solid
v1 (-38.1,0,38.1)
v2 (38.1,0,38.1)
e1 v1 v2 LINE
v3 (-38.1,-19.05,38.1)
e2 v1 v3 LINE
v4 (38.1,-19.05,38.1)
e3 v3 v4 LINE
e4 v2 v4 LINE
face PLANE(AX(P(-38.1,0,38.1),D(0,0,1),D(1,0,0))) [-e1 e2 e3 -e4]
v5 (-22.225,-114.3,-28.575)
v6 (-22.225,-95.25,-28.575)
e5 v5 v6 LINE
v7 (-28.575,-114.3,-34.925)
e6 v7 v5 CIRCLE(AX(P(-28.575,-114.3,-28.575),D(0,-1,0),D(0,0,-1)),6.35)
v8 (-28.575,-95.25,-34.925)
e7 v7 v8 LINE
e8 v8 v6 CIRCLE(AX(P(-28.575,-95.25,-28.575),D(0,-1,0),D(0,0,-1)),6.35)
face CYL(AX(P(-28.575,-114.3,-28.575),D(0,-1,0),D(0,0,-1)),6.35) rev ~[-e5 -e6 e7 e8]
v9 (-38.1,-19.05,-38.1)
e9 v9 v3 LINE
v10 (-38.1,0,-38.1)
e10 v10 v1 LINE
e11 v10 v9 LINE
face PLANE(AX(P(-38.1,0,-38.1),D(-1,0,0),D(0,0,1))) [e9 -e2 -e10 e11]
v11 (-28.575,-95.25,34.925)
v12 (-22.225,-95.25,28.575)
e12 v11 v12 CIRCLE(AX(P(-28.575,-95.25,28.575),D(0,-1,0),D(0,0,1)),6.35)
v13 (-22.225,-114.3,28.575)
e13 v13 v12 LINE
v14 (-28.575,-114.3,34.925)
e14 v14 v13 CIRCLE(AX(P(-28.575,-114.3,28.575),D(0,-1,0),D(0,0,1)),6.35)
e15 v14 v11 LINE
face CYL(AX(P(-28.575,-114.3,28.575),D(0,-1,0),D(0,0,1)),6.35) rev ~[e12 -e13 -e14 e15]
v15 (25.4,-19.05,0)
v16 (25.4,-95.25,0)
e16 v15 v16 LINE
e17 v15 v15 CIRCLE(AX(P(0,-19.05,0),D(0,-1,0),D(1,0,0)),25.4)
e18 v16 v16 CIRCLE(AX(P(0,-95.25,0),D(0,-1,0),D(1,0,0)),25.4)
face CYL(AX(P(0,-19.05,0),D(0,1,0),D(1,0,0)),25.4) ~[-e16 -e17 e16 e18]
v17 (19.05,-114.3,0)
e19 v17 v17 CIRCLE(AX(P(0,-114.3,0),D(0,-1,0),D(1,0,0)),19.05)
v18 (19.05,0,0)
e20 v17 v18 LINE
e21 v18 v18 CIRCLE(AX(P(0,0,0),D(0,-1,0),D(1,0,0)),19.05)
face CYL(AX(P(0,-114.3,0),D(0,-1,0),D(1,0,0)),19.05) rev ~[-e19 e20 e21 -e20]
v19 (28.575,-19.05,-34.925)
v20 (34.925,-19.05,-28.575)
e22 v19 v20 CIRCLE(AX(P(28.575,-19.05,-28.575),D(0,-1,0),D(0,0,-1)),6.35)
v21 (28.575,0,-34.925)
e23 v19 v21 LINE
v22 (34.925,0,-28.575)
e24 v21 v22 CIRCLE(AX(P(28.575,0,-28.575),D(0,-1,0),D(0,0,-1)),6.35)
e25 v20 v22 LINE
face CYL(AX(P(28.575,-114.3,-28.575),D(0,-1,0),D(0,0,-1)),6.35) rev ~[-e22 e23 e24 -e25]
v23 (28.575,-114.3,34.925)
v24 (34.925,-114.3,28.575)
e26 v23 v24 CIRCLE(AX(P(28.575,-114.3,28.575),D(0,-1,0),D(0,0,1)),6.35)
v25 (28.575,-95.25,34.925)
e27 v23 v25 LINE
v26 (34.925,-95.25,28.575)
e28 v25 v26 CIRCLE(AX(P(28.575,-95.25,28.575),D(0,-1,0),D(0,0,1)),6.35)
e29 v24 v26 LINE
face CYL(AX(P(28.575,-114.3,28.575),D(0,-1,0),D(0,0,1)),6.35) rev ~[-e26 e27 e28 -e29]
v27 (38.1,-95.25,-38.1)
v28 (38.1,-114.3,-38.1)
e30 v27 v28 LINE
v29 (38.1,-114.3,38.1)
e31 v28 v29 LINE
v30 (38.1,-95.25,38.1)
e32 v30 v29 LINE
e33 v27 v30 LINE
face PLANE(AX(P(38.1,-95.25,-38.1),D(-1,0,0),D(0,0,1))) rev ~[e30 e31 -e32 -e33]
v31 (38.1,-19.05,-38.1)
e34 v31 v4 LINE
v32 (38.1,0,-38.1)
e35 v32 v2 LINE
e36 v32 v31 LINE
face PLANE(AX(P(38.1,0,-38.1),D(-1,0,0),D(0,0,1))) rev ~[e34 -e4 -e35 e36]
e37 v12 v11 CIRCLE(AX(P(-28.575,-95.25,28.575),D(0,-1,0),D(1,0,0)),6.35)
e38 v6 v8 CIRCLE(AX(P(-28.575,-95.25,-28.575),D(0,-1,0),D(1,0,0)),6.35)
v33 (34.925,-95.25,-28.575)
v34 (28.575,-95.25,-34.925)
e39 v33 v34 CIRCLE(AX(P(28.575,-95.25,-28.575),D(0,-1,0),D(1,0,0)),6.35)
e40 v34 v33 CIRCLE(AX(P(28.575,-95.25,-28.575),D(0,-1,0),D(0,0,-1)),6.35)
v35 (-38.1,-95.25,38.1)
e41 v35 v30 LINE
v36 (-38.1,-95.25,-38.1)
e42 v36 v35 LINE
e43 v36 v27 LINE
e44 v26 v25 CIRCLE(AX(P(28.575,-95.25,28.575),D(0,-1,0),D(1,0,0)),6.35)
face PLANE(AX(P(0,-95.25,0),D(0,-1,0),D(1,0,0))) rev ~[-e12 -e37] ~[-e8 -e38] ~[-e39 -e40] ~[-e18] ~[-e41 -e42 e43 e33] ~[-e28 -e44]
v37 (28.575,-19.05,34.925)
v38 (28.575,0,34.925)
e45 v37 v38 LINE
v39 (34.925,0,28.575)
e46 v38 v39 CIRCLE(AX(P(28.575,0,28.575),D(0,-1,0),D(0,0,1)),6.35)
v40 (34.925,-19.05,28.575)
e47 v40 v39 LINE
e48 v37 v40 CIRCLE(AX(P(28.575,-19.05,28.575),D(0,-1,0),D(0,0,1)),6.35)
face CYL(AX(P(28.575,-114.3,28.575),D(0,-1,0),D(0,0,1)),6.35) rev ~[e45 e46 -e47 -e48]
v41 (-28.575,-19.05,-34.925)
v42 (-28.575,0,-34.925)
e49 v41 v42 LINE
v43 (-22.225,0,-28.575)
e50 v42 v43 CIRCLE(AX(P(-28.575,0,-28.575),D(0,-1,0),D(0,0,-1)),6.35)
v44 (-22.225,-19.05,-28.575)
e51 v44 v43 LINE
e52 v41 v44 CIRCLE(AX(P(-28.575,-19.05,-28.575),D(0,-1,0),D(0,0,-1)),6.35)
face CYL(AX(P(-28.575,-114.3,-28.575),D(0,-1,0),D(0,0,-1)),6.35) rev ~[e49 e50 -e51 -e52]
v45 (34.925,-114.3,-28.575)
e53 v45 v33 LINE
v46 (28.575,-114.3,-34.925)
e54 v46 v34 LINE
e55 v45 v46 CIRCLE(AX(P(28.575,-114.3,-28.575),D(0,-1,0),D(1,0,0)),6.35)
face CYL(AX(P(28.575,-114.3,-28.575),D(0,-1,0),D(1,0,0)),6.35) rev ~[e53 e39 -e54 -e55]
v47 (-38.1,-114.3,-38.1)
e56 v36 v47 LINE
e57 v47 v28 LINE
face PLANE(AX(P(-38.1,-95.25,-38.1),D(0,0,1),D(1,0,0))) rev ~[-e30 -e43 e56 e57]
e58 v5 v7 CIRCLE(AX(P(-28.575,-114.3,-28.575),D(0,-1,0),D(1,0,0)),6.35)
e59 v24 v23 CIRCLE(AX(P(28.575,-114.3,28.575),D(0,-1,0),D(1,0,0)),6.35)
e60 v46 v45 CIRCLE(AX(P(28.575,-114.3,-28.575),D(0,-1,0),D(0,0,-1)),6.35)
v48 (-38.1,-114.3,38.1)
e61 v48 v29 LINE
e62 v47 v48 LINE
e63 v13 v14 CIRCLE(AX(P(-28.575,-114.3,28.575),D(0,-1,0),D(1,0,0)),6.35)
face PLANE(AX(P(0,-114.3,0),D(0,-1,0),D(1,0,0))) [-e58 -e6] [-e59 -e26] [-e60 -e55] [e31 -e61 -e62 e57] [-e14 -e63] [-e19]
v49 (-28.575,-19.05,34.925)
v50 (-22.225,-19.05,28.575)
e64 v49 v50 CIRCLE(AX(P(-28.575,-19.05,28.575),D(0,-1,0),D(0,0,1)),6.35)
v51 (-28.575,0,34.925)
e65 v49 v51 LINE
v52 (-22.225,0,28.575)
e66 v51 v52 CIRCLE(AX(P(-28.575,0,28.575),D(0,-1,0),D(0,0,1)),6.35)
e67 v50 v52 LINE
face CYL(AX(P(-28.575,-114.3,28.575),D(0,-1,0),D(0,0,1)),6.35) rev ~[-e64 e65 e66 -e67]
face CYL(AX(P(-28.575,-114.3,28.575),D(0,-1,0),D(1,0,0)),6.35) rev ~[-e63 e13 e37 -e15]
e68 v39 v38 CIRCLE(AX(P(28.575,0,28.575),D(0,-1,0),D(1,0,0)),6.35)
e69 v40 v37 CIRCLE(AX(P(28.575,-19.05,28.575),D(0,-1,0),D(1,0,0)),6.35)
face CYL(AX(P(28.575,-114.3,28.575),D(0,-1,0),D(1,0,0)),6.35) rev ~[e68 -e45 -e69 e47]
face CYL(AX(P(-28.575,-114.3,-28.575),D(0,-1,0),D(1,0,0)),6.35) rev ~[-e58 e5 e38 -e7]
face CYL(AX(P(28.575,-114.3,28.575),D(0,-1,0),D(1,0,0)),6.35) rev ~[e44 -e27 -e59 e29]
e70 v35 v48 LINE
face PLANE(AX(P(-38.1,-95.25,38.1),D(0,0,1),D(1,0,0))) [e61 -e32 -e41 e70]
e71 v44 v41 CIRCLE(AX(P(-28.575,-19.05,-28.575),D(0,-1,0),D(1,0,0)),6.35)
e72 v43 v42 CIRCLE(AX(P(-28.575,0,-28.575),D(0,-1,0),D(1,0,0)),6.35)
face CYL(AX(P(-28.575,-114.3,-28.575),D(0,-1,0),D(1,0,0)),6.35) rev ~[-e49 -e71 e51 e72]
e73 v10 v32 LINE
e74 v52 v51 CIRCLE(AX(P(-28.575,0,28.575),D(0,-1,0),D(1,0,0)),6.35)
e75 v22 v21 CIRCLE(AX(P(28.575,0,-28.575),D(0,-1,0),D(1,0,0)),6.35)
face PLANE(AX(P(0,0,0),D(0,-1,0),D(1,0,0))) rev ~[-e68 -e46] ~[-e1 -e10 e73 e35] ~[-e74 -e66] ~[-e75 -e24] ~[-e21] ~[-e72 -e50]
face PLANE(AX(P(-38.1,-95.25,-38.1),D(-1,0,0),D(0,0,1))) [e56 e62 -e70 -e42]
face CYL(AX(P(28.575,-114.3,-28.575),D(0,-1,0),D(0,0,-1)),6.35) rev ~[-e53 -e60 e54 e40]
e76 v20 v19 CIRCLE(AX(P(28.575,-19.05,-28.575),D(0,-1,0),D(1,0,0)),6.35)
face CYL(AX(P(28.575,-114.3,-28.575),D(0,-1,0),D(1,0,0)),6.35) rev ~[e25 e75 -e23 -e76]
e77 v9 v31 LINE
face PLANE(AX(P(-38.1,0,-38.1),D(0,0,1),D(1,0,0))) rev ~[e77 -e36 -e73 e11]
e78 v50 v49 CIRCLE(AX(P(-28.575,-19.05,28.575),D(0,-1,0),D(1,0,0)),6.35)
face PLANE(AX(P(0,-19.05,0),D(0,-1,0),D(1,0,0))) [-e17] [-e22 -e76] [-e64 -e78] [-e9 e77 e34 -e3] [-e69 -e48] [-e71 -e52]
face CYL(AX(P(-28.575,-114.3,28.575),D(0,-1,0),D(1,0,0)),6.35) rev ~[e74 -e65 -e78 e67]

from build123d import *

# Parameters (mm, degrees)
F0_W     = 76.2
F0_H     = 76.2
F1_DEPTH = 19.05
F2_R     = 25.4
F3_DEPTH = 76.2
F4_W     = 76.2
F4_H     = 76.2
F4_R     = 25.4
F5_DEPTH = 19.05
F6_R     = 19.05
F7_DEPTH = 114.3
F9_DEPTH = 127


with BuildPart() as f1:
    # F0 (on Front) → F1 (new body)
    with BuildSketch(Plane.XZ):
        Rectangle(F0_W, F0_H)
    extrude(amount=F1_DEPTH)

    # F2 (on face) → F3 (join)
    with BuildSketch(Plane.XZ.offset(19.05)):
        Circle(F2_R)
    extrude(amount=F3_DEPTH)

    # F4 (on face) → F5 (join)
    with BuildSketch(Plane.XZ.offset(95.25)):
        Rectangle(F4_W, F4_H)
        Circle(F4_R, mode=Mode.SUBTRACT)
        Circle(F4_R)
    extrude(amount=F5_DEPTH)

    # F6 (on face) → F7 (cut)
    with BuildSketch(Plane.XZ.offset(114.3)):
        Circle(F6_R)
    extrude(amount=-F7_DEPTH, mode=Mode.SUBTRACT)

    # F8 (on face) → F9 (cut)
    with BuildSketch(Plane.XZ.offset(114.3)):
        with BuildLine():
            ThreePointArc((-22.225, 28.575), (-24.0848719395, 33.0651280605), (-28.575, 34.925))
            ThreePointArc((-28.575, 34.925), (-33.0651280605, 24.0848719395), (-22.225, 28.575))
        make_face()
        with BuildLine():
            ThreePointArc((-22.225, -28.575), (-33.0651280605, -24.0848719395), (-28.575, -34.925))
            ThreePointArc((-28.575, -34.925), (-24.0848719395, -33.0651280605), (-22.225, -28.575))
        make_face()
        with BuildLine():
            ThreePointArc((34.925, -28.575), (24.0848719395, -24.0848719395), (28.575, -34.925))
            ThreePointArc((28.575, -34.925), (33.0651280605, -33.0651280605), (34.925, -28.575))
        make_face()
        with BuildLine():
            ThreePointArc((34.925, 28.575), (33.0651280605, 33.0651280605), (28.575, 34.925))
            ThreePointArc((28.575, 34.925), (24.0848719395, 24.0848719395), (34.925, 28.575))
        make_face()
    extrude(amount=-F9_DEPTH, mode=Mode.SUBTRACT)


solid = f1.part
